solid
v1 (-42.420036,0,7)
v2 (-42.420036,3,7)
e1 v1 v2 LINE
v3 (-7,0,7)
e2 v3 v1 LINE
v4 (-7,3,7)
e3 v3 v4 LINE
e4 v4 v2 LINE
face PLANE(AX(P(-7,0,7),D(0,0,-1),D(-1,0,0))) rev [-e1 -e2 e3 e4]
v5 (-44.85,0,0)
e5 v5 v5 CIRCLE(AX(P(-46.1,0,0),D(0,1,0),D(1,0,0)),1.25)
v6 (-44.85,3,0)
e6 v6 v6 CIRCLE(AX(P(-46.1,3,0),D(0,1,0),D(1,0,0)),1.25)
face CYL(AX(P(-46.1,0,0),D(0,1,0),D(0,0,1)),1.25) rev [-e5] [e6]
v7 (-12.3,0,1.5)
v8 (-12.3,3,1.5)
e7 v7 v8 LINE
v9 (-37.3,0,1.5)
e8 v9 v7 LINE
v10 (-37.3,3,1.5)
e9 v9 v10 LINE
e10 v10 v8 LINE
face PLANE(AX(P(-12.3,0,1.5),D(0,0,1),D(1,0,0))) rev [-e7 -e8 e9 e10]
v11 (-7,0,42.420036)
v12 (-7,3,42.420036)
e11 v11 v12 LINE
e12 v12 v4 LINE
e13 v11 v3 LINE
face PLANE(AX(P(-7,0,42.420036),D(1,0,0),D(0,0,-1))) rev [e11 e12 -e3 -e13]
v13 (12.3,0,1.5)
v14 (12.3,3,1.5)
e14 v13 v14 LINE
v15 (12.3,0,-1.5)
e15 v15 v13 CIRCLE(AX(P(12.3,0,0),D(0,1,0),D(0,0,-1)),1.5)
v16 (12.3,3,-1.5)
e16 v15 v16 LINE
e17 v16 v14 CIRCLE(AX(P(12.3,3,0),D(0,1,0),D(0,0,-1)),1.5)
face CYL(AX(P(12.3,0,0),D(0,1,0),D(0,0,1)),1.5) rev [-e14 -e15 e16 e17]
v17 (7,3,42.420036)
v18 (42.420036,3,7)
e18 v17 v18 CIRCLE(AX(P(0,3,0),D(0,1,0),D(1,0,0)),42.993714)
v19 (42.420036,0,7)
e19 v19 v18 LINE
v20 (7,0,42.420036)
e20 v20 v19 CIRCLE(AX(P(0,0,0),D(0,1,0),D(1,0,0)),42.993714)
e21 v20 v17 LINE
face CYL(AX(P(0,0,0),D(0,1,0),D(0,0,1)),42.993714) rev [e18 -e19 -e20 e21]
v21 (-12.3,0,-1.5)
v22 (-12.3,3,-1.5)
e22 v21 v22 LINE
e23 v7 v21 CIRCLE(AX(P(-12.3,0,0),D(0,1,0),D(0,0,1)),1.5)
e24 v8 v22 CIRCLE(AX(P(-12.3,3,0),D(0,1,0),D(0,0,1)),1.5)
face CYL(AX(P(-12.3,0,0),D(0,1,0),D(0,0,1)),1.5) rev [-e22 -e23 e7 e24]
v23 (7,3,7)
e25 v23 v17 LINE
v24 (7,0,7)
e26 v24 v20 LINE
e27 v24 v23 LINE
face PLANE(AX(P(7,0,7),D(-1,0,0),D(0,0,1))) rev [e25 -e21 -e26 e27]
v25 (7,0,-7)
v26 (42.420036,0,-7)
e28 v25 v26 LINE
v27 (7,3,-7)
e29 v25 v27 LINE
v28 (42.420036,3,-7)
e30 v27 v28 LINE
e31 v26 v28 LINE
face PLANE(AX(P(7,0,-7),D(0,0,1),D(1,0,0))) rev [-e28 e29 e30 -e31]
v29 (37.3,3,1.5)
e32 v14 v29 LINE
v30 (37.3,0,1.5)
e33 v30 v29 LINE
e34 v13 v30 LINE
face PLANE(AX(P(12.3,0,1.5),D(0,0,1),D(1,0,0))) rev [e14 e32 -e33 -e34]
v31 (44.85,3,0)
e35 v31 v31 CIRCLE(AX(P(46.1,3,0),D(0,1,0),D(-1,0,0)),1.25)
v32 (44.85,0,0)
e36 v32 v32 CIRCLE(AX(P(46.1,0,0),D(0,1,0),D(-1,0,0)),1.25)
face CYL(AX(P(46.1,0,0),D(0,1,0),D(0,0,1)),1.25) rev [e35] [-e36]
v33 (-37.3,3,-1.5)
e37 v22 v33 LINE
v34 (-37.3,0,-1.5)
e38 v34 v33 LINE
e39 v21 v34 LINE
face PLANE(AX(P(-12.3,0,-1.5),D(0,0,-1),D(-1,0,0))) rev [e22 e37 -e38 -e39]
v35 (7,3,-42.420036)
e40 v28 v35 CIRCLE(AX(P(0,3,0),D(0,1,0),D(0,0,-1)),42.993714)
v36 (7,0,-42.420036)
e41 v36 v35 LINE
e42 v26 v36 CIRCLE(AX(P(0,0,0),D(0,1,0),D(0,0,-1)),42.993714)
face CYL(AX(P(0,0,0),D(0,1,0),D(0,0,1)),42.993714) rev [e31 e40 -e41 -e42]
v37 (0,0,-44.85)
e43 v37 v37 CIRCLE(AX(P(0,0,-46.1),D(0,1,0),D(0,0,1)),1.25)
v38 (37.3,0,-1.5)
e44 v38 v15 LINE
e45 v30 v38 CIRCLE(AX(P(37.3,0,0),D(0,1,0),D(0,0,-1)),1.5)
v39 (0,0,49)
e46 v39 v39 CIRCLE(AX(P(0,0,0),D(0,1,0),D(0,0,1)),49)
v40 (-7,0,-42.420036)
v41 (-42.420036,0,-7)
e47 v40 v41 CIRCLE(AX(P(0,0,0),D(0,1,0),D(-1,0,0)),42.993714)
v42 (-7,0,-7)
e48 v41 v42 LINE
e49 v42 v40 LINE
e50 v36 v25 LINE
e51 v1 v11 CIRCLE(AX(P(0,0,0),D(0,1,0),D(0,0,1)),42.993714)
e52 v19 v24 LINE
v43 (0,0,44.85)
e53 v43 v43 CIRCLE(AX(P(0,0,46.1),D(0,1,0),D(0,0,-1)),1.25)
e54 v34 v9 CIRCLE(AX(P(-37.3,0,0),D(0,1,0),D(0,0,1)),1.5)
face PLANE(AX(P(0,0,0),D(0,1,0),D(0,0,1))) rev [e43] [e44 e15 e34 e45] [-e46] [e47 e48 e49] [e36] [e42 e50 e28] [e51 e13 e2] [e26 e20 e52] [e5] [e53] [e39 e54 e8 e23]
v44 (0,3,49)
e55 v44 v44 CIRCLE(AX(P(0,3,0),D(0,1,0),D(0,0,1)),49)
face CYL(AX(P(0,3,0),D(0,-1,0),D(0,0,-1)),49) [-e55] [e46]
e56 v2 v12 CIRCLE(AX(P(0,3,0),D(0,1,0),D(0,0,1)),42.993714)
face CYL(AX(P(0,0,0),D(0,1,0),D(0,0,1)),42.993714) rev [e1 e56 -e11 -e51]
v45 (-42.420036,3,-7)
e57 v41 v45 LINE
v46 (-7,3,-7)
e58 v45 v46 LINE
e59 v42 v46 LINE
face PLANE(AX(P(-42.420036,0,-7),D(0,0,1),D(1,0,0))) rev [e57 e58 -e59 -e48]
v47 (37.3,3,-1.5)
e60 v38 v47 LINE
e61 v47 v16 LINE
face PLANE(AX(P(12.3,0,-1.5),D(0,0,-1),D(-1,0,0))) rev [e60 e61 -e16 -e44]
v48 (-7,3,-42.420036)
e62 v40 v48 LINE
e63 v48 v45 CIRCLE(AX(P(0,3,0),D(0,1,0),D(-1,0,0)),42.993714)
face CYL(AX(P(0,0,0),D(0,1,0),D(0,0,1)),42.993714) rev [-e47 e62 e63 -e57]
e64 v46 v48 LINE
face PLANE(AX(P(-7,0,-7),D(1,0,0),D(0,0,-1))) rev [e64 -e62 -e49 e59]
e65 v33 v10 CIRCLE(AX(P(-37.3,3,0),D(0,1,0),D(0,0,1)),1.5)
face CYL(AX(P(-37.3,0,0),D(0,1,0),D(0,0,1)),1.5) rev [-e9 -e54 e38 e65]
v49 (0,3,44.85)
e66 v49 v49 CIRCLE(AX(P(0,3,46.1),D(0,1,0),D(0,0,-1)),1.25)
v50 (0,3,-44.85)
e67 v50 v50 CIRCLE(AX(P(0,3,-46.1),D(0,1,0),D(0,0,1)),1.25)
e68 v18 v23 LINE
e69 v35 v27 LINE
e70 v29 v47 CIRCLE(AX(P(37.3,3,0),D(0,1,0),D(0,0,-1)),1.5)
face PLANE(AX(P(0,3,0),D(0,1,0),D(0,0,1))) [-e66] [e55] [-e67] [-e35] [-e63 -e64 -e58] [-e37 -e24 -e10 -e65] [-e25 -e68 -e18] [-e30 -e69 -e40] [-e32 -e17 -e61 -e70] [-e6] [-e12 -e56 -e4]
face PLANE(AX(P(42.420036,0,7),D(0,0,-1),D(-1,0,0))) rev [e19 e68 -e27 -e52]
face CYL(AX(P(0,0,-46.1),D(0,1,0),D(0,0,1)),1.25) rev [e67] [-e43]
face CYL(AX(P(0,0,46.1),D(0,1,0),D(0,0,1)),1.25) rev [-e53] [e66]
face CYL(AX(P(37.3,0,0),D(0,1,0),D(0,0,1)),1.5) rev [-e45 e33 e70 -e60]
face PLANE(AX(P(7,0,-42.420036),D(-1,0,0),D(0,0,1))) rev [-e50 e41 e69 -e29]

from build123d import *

# Parameters (mm, degrees)
SKETCH_1_R               = 49
EXTRUDE_1_DEPTH          = 3
CUT_EXTRUDE_3_DEPTH      = 4
CUT_EXTRUDE_4_DEPTH      = 4
PATTERN_CIRCULAR_4_COUNT = 2
SKETCH_2_R               = 1.25
CUT_EXTRUDE_5_DEPTH      = 4
PATTERN_CIRCULAR_5_COUNT = 4
PATTERN_CIRCULAR_6_COUNT = 4


with BuildPart() as part:
    # 草图1 → 凸台-拉伸1 (new body)
    with BuildSketch(Plane(origin=(0, 0, 0), x_dir=(1, 0, 0), z_dir=(0, 1, 0))):
        Circle(SKETCH_1_R)
    extrude(amount=EXTRUDE_1_DEPTH)

    # 草图5 → 切除-拉伸3 (cut, through all)
    with BuildSketch(Plane(origin=(0, 3, 0), x_dir=(1, 0, 0), z_dir=(0, 1, 0))):
        with BuildLine():
            Line((7, 42.420036355), (7, 7))
            Line((7, 7), (42.420036355, 7))
            ThreePointArc((42.420036355, 7), (30.401147054, 30.401147054), (7, 42.420036355))
        make_face()
    cut_extrude_3 = extrude(amount=-CUT_EXTRUDE_3_DEPTH, mode=Mode.SUBTRACT)

    # 草图6 → 切除-拉伸4 (cut, through all)
    with BuildSketch(Plane(origin=(0, 3, 0), x_dir=(1, 0, 0), z_dir=(0, 1, 0))):
        with BuildLine():
            Line((-12.3, -1.5), (-37.3, -1.5))
            ThreePointArc((-37.3, -1.5), (-38.8, 0), (-37.3, 1.5))
            Line((-37.3, 1.5), (-12.3, 1.5))
            ThreePointArc((-12.3, 1.5), (-10.8, 0), (-12.3, -1.5))
        make_face()
    cut_extrude_4 = extrude(amount=-CUT_EXTRUDE_4_DEPTH, mode=Mode.SUBTRACT)

    # 阵列(圆周)4: 切除-拉伸4 ×2 about axis
    pattern_circular_4_axis = Axis((0, 0, 0), (0, 1, 0))
    for i in range(1, PATTERN_CIRCULAR_4_COUNT):
        add(cut_extrude_4.rotate(pattern_circular_4_axis, i * 360 / PATTERN_CIRCULAR_4_COUNT), mode=Mode.SUBTRACT)

    # 草图2 → 切除-拉伸5 (cut, through all)
    with BuildSketch(Plane(origin=(0, 3, 0), x_dir=(1, 0, 0), z_dir=(0, 1, 0))):
        with Locations((0, 46.1)):
            Circle(SKETCH_2_R)
    cut_extrude_5 = extrude(amount=-CUT_EXTRUDE_5_DEPTH, mode=Mode.SUBTRACT)

    # 阵列(圆周)5: 切除-拉伸5 ×4 about axis
    pattern_circular_5_axis = Axis((0, 0, 0), (0, 1, 0))
    for i in range(1, PATTERN_CIRCULAR_5_COUNT):
        add(cut_extrude_5.rotate(pattern_circular_5_axis, i * 360 / PATTERN_CIRCULAR_5_COUNT), mode=Mode.SUBTRACT)

    # 阵列(圆周)6: 切除-拉伸3 ×4 about axis
    pattern_circular_6_axis = Axis((0, 0, 0), (0, 1, 0))
    for i in range(1, PATTERN_CIRCULAR_6_COUNT):
        add(cut_extrude_3.rotate(pattern_circular_6_axis, i * 360 / PATTERN_CIRCULAR_6_COUNT), mode=Mode.SUBTRACT)


solid = part.part
